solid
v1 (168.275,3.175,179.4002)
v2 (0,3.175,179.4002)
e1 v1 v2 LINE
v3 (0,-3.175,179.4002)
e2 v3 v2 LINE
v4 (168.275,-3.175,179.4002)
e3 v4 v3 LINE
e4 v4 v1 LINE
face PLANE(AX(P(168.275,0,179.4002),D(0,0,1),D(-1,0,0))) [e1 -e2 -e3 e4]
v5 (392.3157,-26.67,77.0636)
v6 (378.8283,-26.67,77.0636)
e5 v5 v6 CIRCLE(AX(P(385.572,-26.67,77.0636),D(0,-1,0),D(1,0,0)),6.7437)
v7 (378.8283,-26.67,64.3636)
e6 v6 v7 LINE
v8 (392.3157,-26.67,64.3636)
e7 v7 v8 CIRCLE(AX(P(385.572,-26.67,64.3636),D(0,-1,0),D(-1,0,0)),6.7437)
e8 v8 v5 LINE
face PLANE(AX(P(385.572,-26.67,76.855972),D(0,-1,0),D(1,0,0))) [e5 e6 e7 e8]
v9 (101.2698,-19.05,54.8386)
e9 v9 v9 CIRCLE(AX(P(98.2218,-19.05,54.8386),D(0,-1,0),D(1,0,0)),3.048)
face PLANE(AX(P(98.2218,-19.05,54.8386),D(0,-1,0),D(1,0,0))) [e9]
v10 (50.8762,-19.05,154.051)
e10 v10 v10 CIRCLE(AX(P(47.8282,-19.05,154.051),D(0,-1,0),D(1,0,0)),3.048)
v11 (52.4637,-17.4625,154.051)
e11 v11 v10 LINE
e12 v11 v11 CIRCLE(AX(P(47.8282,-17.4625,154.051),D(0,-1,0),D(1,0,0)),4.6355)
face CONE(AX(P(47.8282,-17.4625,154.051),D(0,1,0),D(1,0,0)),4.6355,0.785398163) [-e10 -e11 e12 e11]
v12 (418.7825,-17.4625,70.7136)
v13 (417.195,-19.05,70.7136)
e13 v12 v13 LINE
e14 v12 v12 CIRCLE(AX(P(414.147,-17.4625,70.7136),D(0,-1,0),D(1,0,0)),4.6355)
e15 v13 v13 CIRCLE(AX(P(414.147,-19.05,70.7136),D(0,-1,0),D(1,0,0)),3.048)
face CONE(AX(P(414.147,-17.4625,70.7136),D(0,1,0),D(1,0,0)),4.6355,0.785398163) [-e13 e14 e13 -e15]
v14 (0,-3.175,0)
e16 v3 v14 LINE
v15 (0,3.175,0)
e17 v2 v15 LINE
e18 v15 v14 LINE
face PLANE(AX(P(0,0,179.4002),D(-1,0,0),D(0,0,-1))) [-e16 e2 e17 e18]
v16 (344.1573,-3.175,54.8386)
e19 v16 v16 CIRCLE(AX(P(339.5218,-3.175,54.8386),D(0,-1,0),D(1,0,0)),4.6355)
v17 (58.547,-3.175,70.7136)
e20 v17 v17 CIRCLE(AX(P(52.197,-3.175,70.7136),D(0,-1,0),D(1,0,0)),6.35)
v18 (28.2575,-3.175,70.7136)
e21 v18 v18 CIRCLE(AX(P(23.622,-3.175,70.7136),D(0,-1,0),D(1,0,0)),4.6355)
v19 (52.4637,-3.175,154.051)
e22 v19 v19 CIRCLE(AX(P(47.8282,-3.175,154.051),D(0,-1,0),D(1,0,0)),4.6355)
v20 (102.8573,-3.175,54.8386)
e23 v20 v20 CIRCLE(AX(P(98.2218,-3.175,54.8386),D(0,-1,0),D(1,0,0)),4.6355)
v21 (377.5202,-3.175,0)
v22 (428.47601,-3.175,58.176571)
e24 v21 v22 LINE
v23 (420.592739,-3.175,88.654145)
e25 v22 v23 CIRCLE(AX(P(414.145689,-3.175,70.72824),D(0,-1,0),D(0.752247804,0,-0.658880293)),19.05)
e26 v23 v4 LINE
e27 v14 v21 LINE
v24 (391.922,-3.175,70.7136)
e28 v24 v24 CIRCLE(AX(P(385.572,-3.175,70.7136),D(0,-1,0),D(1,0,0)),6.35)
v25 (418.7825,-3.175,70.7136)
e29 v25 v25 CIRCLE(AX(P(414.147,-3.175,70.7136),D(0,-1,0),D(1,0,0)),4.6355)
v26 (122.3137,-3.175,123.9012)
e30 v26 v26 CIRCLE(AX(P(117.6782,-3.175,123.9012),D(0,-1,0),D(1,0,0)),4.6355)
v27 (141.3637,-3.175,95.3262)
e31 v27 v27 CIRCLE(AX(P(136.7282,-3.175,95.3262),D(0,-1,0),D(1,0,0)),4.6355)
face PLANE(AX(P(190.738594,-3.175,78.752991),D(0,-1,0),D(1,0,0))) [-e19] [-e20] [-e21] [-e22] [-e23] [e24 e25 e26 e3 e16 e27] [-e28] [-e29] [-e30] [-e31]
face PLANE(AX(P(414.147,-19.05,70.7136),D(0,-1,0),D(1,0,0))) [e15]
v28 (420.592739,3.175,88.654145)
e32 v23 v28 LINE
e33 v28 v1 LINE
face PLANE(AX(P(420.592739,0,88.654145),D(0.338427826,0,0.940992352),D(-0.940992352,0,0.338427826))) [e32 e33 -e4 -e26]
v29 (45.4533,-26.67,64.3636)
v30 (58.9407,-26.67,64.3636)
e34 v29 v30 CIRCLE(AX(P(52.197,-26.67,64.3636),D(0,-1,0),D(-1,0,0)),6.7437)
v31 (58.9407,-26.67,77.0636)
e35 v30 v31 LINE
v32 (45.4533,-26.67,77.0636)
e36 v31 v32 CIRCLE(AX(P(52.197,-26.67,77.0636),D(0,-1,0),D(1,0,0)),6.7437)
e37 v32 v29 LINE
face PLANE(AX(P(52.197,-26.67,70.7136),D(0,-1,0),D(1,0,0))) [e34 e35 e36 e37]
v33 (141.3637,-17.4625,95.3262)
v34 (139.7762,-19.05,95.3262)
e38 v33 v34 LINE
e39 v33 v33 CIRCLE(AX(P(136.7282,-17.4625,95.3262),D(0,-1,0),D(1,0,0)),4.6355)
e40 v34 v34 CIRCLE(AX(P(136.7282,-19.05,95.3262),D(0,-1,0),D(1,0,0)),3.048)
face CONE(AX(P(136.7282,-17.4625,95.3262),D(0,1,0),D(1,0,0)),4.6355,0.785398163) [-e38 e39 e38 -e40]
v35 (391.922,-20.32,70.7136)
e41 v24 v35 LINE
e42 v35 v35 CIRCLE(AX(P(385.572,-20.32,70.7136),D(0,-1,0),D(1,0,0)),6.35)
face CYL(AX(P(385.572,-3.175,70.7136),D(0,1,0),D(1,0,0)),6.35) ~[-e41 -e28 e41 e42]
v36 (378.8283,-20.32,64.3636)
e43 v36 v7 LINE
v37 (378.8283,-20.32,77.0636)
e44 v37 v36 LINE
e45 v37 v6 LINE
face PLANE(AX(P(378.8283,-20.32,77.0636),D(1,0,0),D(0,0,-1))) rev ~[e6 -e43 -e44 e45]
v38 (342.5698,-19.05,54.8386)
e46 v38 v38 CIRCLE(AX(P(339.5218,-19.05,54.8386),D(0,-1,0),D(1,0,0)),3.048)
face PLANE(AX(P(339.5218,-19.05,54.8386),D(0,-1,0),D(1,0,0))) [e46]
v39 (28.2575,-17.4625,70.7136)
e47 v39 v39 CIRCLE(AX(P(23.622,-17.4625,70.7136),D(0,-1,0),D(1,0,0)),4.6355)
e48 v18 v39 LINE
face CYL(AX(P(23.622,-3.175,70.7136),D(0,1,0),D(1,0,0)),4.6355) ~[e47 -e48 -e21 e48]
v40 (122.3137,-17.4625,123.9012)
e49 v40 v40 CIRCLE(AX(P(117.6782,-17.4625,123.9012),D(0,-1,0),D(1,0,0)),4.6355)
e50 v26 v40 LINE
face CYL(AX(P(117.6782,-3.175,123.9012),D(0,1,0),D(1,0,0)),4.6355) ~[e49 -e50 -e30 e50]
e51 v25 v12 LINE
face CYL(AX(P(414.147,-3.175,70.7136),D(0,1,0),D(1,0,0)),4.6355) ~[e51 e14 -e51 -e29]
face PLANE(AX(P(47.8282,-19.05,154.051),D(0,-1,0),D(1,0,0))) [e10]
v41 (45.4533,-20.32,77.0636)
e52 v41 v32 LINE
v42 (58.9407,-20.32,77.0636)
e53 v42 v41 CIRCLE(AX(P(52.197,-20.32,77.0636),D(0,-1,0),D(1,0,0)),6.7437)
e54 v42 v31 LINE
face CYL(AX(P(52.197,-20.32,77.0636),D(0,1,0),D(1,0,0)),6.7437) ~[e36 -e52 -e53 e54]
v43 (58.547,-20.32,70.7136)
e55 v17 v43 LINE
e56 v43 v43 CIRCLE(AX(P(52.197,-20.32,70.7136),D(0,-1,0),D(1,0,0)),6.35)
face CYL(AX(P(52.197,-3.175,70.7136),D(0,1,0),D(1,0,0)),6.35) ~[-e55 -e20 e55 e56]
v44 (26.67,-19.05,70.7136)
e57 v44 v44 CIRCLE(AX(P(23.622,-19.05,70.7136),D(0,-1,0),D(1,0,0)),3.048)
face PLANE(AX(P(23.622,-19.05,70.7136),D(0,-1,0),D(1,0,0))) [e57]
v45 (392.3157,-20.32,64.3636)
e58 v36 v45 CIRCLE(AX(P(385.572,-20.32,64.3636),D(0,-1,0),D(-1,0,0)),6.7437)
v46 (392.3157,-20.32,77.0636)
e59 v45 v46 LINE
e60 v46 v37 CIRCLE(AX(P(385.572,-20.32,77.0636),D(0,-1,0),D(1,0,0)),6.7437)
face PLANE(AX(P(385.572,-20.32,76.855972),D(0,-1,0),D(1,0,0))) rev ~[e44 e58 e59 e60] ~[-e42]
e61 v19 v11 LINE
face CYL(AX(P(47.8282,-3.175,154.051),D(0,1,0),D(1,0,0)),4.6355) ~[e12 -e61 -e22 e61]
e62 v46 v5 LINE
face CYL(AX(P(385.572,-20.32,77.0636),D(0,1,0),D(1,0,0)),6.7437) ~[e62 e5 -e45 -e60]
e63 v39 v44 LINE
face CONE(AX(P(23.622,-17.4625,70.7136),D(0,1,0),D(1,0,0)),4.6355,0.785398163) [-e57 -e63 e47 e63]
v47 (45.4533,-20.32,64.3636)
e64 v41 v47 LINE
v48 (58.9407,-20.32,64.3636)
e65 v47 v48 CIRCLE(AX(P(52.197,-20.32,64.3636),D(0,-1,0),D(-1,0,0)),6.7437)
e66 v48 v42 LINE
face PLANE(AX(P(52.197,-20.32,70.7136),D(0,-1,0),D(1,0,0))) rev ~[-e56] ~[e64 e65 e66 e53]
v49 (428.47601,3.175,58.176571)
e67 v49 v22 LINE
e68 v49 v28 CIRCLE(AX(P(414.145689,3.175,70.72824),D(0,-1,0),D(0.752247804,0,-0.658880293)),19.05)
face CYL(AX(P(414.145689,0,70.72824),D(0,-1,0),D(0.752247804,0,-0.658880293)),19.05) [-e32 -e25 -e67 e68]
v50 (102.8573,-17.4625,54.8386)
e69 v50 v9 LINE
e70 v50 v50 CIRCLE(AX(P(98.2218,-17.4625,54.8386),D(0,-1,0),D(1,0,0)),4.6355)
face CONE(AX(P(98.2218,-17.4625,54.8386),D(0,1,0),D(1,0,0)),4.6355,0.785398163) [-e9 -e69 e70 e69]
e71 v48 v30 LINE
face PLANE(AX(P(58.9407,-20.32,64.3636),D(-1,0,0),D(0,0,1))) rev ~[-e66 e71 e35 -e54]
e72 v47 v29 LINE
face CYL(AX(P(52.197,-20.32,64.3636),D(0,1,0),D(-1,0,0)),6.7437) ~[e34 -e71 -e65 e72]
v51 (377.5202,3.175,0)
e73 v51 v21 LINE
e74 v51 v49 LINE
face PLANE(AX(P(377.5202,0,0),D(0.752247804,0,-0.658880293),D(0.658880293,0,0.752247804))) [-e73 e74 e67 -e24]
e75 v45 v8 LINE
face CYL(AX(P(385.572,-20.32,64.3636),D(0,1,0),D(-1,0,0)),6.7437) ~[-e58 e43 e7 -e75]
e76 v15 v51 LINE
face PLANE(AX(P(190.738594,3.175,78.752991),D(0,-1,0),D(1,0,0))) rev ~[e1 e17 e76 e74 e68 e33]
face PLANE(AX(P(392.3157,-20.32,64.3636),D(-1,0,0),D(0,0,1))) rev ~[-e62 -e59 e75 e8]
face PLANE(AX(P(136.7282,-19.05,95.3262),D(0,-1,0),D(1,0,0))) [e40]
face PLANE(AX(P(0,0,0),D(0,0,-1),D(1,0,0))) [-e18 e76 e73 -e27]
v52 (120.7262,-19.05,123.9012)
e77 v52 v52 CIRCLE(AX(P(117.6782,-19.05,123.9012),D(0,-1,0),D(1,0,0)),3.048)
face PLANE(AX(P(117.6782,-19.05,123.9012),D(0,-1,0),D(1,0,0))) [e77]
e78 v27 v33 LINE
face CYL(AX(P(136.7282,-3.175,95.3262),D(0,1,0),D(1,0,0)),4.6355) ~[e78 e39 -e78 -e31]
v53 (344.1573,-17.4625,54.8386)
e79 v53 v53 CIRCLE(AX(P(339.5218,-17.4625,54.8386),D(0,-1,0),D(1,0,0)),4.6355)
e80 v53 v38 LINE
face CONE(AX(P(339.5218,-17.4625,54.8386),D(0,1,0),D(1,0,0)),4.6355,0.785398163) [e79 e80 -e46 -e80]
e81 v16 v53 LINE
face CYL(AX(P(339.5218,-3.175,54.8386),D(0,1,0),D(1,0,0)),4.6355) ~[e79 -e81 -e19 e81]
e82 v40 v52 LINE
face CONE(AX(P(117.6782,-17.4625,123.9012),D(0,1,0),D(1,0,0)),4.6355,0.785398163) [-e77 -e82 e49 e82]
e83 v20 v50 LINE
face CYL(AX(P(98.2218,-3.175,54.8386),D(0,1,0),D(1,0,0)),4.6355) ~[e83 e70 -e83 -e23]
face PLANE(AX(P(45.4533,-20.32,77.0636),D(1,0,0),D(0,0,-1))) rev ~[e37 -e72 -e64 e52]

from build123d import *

# Parameters (mm, degrees)
F1_DEPTH  = 3.175
F2_R      = 4.6355
F3_DEPTH  = 15.875
F4_SIZE   = 1.5875
F6_R      = 6.35
F7_DEPTH  = 17.145
F9_DEPTH  = 6.35
F11_DEPTH = 6.35


with BuildPart() as f1:
    # F0 (on Front) → F1 (new body, symmetric)
    with BuildSketch(Plane.XZ):
        with BuildLine():
            Line((0, 179.4002), (0, 0))
            Line((0, 0), (377.5202, 0))
            Line((377.5202, 0), (428.4760097452, 58.1765707746))
            ThreePointArc((428.4760097452, 58.1765707746), (432.588720587, 75.4986793815), (420.5927391638, 88.6541446621))
            Line((420.5927391638, 88.6541446621), (168.275, 179.4002))
            Line((168.275, 179.4002), (0, 179.4002))
        make_face()
    extrude(amount=F1_DEPTH, both=True)

    # F2 (on face) → F3 (join)
    with BuildSketch(Plane.XZ.offset(3.175)):
        with Locations((23.622, 70.7136)):
            Circle(F2_R)
        with Locations((98.2218, 54.8386)):
            Circle(F2_R)
        with Locations((339.5218, 54.8386)):
            Circle(F2_R)
        with Locations((136.7282, 95.3262)):
            Circle(F2_R)
        with Locations((47.8282, 154.051)):
            Circle(F2_R)
        with Locations((117.6782, 123.9012)):
            Circle(F2_R)
        with Locations((414.147, 70.7136)):
            Circle(F2_R)
    extrude(amount=F3_DEPTH)

    # F4
    f4_edges = [f1.edges().sort_by_distance(p)[0] for p in [
        (18.9865, -19.05, 70.7136),
        (43.1927, -19.05, 154.051),
        (93.5863, -19.05, 54.8386),
        (113.0427, -19.05, 123.9012),
        (132.0927, -19.05, 95.3262),
        (334.8863, -19.05, 54.8386),
        (409.5115, -19.05, 70.7136),
    ]]
    chamfer(f4_edges, length=F4_SIZE)

    # F6 (on face) → F7 (join)
    with BuildSketch(Plane.XZ.offset(3.175)):
        with Locations((385.572, 70.7136)):
            Circle(F6_R)
        with Locations((52.197, 70.7136)):
            Circle(F6_R)
    extrude(amount=F7_DEPTH)

    # F8 (on face) → F9 (join)
    with BuildSketch(Plane.XZ.offset(20.32)):
        with BuildLine():
            ThreePointArc((58.9407, 77.0636), (52.197, 83.8073), (45.4533, 77.0636))
            Line((45.4533, 77.0636), (45.4533, 64.3636))
            ThreePointArc((45.4533, 64.3636), (52.197, 57.6199), (58.9407, 64.3636))
            Line((58.9407, 64.3636), (58.9407, 77.0636))
        make_face()
    extrude(amount=F9_DEPTH)

    # F10 (on face) → F11 (join)
    with BuildSketch(Plane.XZ.offset(20.32)):
        with BuildLine():
            ThreePointArc((387.8424602375, 70.7136), (391.0851112991, 73.1799041451), (392.3157, 77.0636))
            ThreePointArc((392.3157, 77.0636), (385.572, 83.8073), (378.8283, 77.0636))
            ThreePointArc((378.8283, 77.0636), (380.0588887009, 73.1799041451), (383.3015397625, 70.7136))
            ThreePointArc((383.3015397625, 70.7136), (385.572, 71.1073), (387.8424602375, 70.7136))
        make_face()
        with BuildLine():
            Line((392.3157, 64.3636), (392.3157, 77.0636))
            ThreePointArc((392.3157, 77.0636), (391.0851112991, 73.1799041451), (387.8424602375, 70.7136))
            ThreePointArc((387.8424602375, 70.7136), (391.0851112991, 68.2472958549), (392.3157, 64.3636))
        make_face()
        with BuildLine():
            ThreePointArc((383.3015397625, 70.7136), (380.0588887009, 73.1799041451), (378.8283, 77.0636))
            Line((378.8283, 77.0636), (378.8283, 64.3636))
            ThreePointArc((378.8283, 64.3636), (380.0588887009, 68.2472958549), (383.3015397625, 70.7136))
        make_face()
        with BuildLine():
            ThreePointArc((392.3157, 64.3636), (391.0851112991, 68.2472958549), (387.8424602375, 70.7136))
            ThreePointArc((387.8424602375, 70.7136), (385.572, 70.3199), (383.3015397625, 70.7136))
            ThreePointArc((383.3015397625, 70.7136), (380.0588887009, 68.2472958549), (378.8283, 64.3636))
            ThreePointArc((378.8283, 64.3636), (385.572, 57.6199), (392.3157, 64.3636))
        make_face()
        with BuildLine():
            ThreePointArc((383.3015397625, 70.7136), (385.572, 70.3199), (387.8424602375, 70.7136))
            ThreePointArc((387.8424602375, 70.7136), (385.572, 71.1073), (383.3015397625, 70.7136))
        make_face()
    extrude(amount=F11_DEPTH)


solid = f1.part
